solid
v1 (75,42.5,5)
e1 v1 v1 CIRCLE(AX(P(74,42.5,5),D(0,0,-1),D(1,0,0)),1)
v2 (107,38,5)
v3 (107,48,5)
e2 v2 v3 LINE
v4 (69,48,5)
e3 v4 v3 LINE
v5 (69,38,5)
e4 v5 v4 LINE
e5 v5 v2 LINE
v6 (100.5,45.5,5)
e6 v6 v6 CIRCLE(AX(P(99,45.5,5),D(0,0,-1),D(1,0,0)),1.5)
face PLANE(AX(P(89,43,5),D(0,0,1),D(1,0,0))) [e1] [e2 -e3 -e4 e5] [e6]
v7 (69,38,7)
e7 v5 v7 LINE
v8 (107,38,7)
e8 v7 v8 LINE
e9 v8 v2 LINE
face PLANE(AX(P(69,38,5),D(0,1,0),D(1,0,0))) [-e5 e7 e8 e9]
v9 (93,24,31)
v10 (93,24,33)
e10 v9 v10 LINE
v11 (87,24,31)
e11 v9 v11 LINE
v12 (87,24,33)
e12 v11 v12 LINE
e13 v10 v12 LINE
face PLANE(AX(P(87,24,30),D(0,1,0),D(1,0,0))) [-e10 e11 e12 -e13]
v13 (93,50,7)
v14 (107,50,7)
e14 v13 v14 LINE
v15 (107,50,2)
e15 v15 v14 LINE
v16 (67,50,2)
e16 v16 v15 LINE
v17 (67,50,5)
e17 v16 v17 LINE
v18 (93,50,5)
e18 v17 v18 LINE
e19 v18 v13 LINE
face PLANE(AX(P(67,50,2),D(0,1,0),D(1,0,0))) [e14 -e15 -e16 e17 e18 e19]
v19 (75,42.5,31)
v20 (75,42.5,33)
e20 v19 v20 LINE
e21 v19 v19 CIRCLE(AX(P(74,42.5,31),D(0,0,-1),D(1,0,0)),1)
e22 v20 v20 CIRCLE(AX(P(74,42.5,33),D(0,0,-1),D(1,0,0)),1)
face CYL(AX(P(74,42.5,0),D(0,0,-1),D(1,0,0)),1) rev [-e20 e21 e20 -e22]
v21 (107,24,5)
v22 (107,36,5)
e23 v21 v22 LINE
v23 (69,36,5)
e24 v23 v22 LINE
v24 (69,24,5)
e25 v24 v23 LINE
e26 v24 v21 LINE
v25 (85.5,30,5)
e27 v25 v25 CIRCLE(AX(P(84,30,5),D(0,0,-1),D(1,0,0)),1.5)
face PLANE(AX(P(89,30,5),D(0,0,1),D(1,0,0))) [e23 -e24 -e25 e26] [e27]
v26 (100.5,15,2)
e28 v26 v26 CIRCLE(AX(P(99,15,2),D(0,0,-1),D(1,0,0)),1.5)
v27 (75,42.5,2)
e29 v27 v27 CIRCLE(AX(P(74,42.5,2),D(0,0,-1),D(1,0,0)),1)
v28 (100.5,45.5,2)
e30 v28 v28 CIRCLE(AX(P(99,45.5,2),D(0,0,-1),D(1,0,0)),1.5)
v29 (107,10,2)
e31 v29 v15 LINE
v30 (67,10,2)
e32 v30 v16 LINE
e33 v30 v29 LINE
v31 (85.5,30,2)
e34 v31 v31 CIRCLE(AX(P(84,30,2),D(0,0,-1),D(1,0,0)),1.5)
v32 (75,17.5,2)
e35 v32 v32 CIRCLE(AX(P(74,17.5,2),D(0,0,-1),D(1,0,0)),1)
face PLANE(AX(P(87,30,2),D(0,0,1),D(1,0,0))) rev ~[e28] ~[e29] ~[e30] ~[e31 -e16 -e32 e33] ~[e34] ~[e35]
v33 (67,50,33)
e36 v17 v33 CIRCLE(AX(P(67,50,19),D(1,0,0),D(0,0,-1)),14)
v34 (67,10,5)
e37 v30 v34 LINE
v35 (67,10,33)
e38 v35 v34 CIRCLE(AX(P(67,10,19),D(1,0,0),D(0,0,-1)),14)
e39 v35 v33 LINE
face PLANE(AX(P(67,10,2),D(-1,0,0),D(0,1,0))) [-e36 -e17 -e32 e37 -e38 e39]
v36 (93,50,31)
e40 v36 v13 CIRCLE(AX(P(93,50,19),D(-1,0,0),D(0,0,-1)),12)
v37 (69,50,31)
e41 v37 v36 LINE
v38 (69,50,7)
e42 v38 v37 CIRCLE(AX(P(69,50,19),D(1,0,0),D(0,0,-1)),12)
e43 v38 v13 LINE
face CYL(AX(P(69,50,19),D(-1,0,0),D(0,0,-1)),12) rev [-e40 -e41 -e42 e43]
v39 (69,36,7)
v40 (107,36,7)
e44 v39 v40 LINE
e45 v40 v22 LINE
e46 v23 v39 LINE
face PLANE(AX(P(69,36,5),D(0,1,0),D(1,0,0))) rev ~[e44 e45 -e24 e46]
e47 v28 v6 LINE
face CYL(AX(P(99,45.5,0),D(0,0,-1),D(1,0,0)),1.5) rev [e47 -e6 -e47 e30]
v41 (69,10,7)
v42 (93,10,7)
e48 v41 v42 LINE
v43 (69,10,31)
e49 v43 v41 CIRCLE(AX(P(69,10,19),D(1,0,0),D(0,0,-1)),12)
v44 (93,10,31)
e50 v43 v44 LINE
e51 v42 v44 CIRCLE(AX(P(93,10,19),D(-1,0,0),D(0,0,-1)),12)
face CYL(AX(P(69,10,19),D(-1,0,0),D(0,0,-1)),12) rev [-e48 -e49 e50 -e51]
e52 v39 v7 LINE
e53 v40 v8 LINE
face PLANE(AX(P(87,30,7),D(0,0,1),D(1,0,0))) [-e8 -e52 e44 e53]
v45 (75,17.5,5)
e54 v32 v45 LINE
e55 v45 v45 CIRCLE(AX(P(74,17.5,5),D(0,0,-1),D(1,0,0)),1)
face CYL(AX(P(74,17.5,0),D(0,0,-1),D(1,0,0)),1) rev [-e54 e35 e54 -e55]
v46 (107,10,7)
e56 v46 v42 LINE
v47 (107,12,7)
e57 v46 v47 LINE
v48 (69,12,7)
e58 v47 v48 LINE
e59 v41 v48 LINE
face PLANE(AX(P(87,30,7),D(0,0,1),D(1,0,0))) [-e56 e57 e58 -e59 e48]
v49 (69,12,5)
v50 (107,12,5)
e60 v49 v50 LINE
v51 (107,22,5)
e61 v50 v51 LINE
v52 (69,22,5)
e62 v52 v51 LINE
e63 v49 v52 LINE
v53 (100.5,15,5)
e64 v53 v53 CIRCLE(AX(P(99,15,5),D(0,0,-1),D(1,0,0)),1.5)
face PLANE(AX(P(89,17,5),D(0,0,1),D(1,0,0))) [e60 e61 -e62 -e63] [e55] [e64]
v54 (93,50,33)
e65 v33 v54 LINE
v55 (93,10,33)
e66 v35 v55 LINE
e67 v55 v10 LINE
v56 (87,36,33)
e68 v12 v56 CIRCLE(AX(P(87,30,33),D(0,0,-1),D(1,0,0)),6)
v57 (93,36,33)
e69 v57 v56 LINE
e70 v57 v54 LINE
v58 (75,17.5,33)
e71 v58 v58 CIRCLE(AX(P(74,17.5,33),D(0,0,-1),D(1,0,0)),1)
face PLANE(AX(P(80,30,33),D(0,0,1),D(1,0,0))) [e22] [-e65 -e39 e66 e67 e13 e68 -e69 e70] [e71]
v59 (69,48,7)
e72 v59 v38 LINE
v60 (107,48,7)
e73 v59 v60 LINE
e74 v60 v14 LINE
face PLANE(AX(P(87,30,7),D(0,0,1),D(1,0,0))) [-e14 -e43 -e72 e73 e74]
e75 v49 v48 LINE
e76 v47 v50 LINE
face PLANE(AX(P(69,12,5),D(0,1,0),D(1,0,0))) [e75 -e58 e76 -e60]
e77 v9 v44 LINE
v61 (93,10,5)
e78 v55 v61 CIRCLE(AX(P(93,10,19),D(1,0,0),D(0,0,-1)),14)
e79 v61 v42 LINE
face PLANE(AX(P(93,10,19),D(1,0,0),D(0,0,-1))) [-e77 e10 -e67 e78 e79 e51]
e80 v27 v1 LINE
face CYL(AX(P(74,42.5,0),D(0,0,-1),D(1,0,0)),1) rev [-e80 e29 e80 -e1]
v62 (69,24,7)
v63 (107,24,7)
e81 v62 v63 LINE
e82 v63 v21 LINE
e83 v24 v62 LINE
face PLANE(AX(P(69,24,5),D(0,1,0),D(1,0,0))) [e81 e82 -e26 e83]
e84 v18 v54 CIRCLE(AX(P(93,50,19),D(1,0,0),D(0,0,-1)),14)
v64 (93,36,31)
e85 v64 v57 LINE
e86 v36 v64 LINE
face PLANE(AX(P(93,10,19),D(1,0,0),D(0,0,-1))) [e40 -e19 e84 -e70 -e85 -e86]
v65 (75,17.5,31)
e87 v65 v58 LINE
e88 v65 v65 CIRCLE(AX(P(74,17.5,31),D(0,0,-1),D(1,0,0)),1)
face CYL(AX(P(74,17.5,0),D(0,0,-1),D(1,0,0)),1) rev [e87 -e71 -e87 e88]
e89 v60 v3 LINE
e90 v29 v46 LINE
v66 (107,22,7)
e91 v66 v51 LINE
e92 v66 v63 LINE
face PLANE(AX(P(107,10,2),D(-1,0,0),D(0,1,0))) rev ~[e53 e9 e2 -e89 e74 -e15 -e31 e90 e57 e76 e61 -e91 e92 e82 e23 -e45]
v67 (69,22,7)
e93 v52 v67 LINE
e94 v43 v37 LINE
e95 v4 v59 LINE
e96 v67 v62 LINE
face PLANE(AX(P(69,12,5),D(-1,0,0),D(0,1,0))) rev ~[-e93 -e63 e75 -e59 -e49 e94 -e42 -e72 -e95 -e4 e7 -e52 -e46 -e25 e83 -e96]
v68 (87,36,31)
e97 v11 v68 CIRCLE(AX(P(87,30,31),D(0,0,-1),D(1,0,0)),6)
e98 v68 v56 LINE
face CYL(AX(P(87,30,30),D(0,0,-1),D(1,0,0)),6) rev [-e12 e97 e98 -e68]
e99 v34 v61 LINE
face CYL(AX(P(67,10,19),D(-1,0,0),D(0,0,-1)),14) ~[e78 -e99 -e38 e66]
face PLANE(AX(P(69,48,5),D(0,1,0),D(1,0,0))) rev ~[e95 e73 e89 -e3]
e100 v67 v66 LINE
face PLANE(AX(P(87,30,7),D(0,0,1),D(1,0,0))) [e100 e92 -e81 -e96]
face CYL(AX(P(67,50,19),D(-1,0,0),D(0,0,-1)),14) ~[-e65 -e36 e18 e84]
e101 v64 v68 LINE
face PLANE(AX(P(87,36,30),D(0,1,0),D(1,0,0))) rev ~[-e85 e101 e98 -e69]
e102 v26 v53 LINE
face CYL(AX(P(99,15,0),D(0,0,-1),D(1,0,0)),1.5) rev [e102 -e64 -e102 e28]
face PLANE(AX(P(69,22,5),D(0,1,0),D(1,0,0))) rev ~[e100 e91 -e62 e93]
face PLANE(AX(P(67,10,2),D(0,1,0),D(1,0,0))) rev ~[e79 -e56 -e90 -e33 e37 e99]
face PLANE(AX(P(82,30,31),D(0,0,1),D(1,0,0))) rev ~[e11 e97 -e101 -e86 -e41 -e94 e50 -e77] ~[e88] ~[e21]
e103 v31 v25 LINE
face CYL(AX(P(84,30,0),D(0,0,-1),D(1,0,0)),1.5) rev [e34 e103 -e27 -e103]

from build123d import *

# Parameters (mm, degrees)
CYLINDER002001001002002001002_R           = 1
CYLINDER002001001002002001002_DEPTH       = 40
CYLINDER002001001002002001002001003_R     = 1.5
CYLINDER002001001002002001002001003_DEPTH = 40
CYLINDER002001001002002001002001002_R     = 1.5
CYLINDER002001001002002001002001002_DEPTH = 40
CYLINDER002001001002002001002001001_R     = 1.5
CYLINDER002001001002002001002001001_DEPTH = 40
CYLINDER002001001002002001002001_R        = 1
CYLINDER002001001002002001002001_DEPTH    = 40
CYLINDER002001001002002001001_R           = 12
CYLINDER002001001002002001001_DEPTH       = 26
CYLINDER002001001002002001001_PITCH_ANGLE = 90
CYLINDER001001001_R                       = 12
CYLINDER001001001_DEPTH                   = 26
CYLINDER001001001_PITCH_ANGLE             = 90
BOX001002001003002001001001001001_W       = 40
BOX001002001003002001001001001001_H       = 10
BOX001002001003002001001001001001_DEPTH   = 3
BOX001002001003002001001001001_W          = 40
BOX001002001003002001001001001_H          = 12
BOX001002001003002001001001001_DEPTH      = 3
BOX001002001003002001001001_W             = 40
BOX001002001003002001001001_H             = 10
BOX001002001003002001001001_DEPTH         = 3
BOX001002001003002001003_W                = 10
BOX001002001003002001003_H                = 12
BOX001002001003002001003_DEPTH            = 4
CYLINDER002001001002003001_R              = 6
CYLINDER002001001002003001_DEPTH          = 4
BOX001002001003002001002_W                = 26
BOX001002001003002001002_H                = 40
BOX001002001003002001002_DEPTH            = 24
CYLINDER001001_R                          = 14
CYLINDER001001_DEPTH                      = 26
CYLINDER001001_PITCH_ANGLE                = 90
CYLINDER002001001002002001_R              = 14
CYLINDER002001001002002001_DEPTH          = 26
CYLINDER002001001002002001_PITCH_ANGLE    = 90
BOX001002001003002001001_W                = 40
BOX001002001003002001001_H                = 40
BOX001002001003002001001_DEPTH            = 5
BOX001002001003002001_W                   = 26
BOX001002001003002001_H                   = 40
BOX001002001003002001_DEPTH               = 28


with BuildPart() as cylinder006:
    # Cylinder002001001002002001002 → Cylinder002001001002002001002 (new body)
    with BuildSketch(Plane(origin=(74, 42.5, 0), x_dir=(1, 0, 0), z_dir=(0, 0, 1))):
        Circle(CYLINDER002001001002002001002_R)
    extrude(amount=CYLINDER002001001002002001002_DEPTH)


with BuildPart() as cylinder0010:
    # Cylinder002001001002002001002001003 → Cylinder002001001002002001002001003 (new body)
    with BuildSketch(Plane(origin=(99, 15, 0), x_dir=(1, 0, 0), z_dir=(0, 0, 1))):
        Circle(CYLINDER002001001002002001002001003_R)
    extrude(amount=CYLINDER002001001002002001002001003_DEPTH)


with BuildPart() as cylinder009:
    # Cylinder002001001002002001002001002 → Cylinder002001001002002001002001002 (new body)
    with BuildSketch(Plane(origin=(99, 45.5, 0), x_dir=(1, 0, 0), z_dir=(0, 0, 1))):
        Circle(CYLINDER002001001002002001002001002_R)
    extrude(amount=CYLINDER002001001002002001002001002_DEPTH)


with BuildPart() as cylinder008:
    # Cylinder002001001002002001002001001 → Cylinder002001001002002001002001001 (new body)
    with BuildSketch(Plane(origin=(84, 30, 0), x_dir=(1, 0, 0), z_dir=(0, 0, 1))):
        Circle(CYLINDER002001001002002001002001001_R)
    extrude(amount=CYLINDER002001001002002001002001001_DEPTH)


with BuildPart() as batteryframeholes:
    # Cylinder002001001002002001002001 → Cylinder002001001002002001002001 (new body)
    with BuildSketch(Plane(origin=(74, 17.5, 0), x_dir=(1, 0, 0), z_dir=(0, 0, 1))):
        Circle(CYLINDER002001001002002001002001_R)
    extrude(amount=CYLINDER002001001002002001002001_DEPTH)

    # Fusion002001002002002001005: union Cylinder006, Cylinder0010, Cylinder009, Cylinder008
    add(cylinder006.part)
    add(cylinder0010.part)
    add(cylinder009.part)
    add(cylinder008.part)


with BuildPart() as cylinder005:
    # Cylinder002001001002002001001 → Cylinder002001001002002001001 (new body)
    with BuildSketch(Plane.XY):
        Circle(CYLINDER002001001002002001001_R)
    extrude(amount=CYLINDER002001001002002001001_DEPTH)


with BuildPart() as cylinder005_1:
    # Cylinder002001001002002001001 pitch: moved
    add(cylinder005.part.rotate(Axis((0, 0, 0), (0, 1, 0)), CYLINDER002001001002002001001_PITCH_ANGLE))


with BuildPart() as cylinder005_2:
    # Cylinder002001001002002001001 placement: moved
    add(cylinder005_1.part.moved(Location((2, 10, 19))))


with BuildPart() as cylinder004:
    # Cylinder001001001 → Cylinder001001001 (new body)
    with BuildSketch(Plane.XY):
        Circle(CYLINDER001001001_R)
    extrude(amount=CYLINDER001001001_DEPTH)


with BuildPart() as cylinder004_1:
    # Cylinder001001001 pitch: moved
    add(cylinder004.part.rotate(Axis((0, 0, 0), (0, 1, 0)), CYLINDER001001001_PITCH_ANGLE))


with BuildPart() as cylinder004_2:
    # Cylinder001001001 placement: moved
    add(cylinder004_1.part.moved(Location((2, 50, 19))))


with BuildPart() as box008:
    # Box001002001003002001001001001001 → Box001002001003002001001001001001 (new body)
    with BuildSketch(Plane(origin=(2, 38, 5), x_dir=(1, 0, 0), z_dir=(0, 0, 1))):
        with Locations((20, 5)):
            Rectangle(BOX001002001003002001001001001001_W, BOX001002001003002001001001001001_H)
    extrude(amount=BOX001002001003002001001001001001_DEPTH)


with BuildPart() as box007:
    # Box001002001003002001001001001 → Box001002001003002001001001001 (new body)
    with BuildSketch(Plane(origin=(2, 24, 5), x_dir=(1, 0, 0), z_dir=(0, 0, 1))):
        with Locations((20, 6)):
            Rectangle(BOX001002001003002001001001001_W, BOX001002001003002001001001001_H)
    extrude(amount=BOX001002001003002001001001001_DEPTH)


with BuildPart() as box006:
    # Box001002001003002001001001 → Box001002001003002001001001 (new body)
    with BuildSketch(Plane(origin=(2, 12, 5), x_dir=(1, 0, 0), z_dir=(0, 0, 1))):
        with Locations((20, 5)):
            Rectangle(BOX001002001003002001001001_W, BOX001002001003002001001001_H)
    extrude(amount=BOX001002001003002001001001_DEPTH)


with BuildPart() as box005:
    # Box001002001003002001003 → Box001002001003002001003 (new body)
    with BuildSketch(Plane(origin=(20, 24, 30), x_dir=(1, 0, 0), z_dir=(0, 0, 1))):
        with Locations((5, 6)):
            Rectangle(BOX001002001003002001003_W, BOX001002001003002001003_H)
    extrude(amount=BOX001002001003002001003_DEPTH)


with BuildPart() as powerbutton001:
    # Cylinder002001001002003001 → Cylinder002001001002003001 (new body)
    with BuildSketch(Plane(origin=(20, 30, 30), x_dir=(1, 0, 0), z_dir=(0, 0, 1))):
        Circle(CYLINDER002001001002003001_R)
    extrude(amount=CYLINDER002001001002003001_DEPTH)


with BuildPart() as fusion002001002002002001004:
    # Box001002001003002001002 → Box001002001003002001002 (new body)
    with BuildSketch(Plane(origin=(2, 10, 7), x_dir=(1, 0, 0), z_dir=(0, 0, 1))):
        with Locations((13, 20)):
            Rectangle(BOX001002001003002001002_W, BOX001002001003002001002_H)
    extrude(amount=BOX001002001003002001002_DEPTH)

    # Fusion002001002002002001004: union Cylinder005, Cylinder004, Box008, Box007, Box006, Box005, PowerButton001
    add(cylinder005_2.part)
    add(cylinder004_2.part)
    add(box008.part)
    add(box007.part)
    add(box006.part)
    add(box005.part)
    add(powerbutton001.part)


with BuildPart() as cylinder002:
    # Cylinder001001 → Cylinder001001 (new body)
    with BuildSketch(Plane.XY):
        Circle(CYLINDER001001_R)
    extrude(amount=CYLINDER001001_DEPTH)


with BuildPart() as cylinder002_1:
    # Cylinder001001 pitch: moved
    add(cylinder002.part.rotate(Axis((0, 0, 0), (0, 1, 0)), CYLINDER001001_PITCH_ANGLE))


with BuildPart() as cylinder002_2:
    # Cylinder001001 placement: moved
    add(cylinder002_1.part.moved(Location((0, 50, 19))))


with BuildPart() as cylinder003:
    # Cylinder002001001002002001 → Cylinder002001001002002001 (new body)
    with BuildSketch(Plane.XY):
        Circle(CYLINDER002001001002002001_R)
    extrude(amount=CYLINDER002001001002002001_DEPTH)


with BuildPart() as cylinder003_1:
    # Cylinder002001001002002001 pitch: moved
    add(cylinder003.part.rotate(Axis((0, 0, 0), (0, 1, 0)), CYLINDER002001001002002001_PITCH_ANGLE))


with BuildPart() as cylinder003_2:
    # Cylinder002001001002002001 placement: moved
    add(cylinder003_1.part.moved(Location((0, 10, 19))))


with BuildPart() as box003:
    # Box001002001003002001001 → Box001002001003002001001 (new body)
    with BuildSketch(Plane(origin=(0, 10, 2), x_dir=(1, 0, 0), z_dir=(0, 0, 1))):
        with Locations((20, 20)):
            Rectangle(BOX001002001003002001001_W, BOX001002001003002001001_H)
    extrude(amount=BOX001002001003002001001_DEPTH)


with BuildPart() as batteryframe2:
    # Box001002001003002001 → Box001002001003002001 (new body)
    with BuildSketch(Plane(origin=(0, 10, 5), x_dir=(1, 0, 0), z_dir=(0, 0, 1))):
        with Locations((13, 20)):
            Rectangle(BOX001002001003002001_W, BOX001002001003002001_H)
    extrude(amount=BOX001002001003002001_DEPTH)

    # Fusion002001002002002001003: union Cylinder002, Cylinder003, Box003
    add(cylinder002_2.part)
    add(cylinder003_2.part)
    add(box003.part)

    # Cut001: cut Fusion002001002002002001004
    add(fusion002001002002002001004.part, mode=Mode.SUBTRACT)


with BuildPart() as batteryframe2_1:
    # Cut001 placement: moved
    add(batteryframe2.part.moved(Location((67, 0, 0))))

    # Cut002: cut BatteryFrameHoles
    add(batteryframeholes.part, mode=Mode.SUBTRACT)


solid = batteryframe2_1.part
